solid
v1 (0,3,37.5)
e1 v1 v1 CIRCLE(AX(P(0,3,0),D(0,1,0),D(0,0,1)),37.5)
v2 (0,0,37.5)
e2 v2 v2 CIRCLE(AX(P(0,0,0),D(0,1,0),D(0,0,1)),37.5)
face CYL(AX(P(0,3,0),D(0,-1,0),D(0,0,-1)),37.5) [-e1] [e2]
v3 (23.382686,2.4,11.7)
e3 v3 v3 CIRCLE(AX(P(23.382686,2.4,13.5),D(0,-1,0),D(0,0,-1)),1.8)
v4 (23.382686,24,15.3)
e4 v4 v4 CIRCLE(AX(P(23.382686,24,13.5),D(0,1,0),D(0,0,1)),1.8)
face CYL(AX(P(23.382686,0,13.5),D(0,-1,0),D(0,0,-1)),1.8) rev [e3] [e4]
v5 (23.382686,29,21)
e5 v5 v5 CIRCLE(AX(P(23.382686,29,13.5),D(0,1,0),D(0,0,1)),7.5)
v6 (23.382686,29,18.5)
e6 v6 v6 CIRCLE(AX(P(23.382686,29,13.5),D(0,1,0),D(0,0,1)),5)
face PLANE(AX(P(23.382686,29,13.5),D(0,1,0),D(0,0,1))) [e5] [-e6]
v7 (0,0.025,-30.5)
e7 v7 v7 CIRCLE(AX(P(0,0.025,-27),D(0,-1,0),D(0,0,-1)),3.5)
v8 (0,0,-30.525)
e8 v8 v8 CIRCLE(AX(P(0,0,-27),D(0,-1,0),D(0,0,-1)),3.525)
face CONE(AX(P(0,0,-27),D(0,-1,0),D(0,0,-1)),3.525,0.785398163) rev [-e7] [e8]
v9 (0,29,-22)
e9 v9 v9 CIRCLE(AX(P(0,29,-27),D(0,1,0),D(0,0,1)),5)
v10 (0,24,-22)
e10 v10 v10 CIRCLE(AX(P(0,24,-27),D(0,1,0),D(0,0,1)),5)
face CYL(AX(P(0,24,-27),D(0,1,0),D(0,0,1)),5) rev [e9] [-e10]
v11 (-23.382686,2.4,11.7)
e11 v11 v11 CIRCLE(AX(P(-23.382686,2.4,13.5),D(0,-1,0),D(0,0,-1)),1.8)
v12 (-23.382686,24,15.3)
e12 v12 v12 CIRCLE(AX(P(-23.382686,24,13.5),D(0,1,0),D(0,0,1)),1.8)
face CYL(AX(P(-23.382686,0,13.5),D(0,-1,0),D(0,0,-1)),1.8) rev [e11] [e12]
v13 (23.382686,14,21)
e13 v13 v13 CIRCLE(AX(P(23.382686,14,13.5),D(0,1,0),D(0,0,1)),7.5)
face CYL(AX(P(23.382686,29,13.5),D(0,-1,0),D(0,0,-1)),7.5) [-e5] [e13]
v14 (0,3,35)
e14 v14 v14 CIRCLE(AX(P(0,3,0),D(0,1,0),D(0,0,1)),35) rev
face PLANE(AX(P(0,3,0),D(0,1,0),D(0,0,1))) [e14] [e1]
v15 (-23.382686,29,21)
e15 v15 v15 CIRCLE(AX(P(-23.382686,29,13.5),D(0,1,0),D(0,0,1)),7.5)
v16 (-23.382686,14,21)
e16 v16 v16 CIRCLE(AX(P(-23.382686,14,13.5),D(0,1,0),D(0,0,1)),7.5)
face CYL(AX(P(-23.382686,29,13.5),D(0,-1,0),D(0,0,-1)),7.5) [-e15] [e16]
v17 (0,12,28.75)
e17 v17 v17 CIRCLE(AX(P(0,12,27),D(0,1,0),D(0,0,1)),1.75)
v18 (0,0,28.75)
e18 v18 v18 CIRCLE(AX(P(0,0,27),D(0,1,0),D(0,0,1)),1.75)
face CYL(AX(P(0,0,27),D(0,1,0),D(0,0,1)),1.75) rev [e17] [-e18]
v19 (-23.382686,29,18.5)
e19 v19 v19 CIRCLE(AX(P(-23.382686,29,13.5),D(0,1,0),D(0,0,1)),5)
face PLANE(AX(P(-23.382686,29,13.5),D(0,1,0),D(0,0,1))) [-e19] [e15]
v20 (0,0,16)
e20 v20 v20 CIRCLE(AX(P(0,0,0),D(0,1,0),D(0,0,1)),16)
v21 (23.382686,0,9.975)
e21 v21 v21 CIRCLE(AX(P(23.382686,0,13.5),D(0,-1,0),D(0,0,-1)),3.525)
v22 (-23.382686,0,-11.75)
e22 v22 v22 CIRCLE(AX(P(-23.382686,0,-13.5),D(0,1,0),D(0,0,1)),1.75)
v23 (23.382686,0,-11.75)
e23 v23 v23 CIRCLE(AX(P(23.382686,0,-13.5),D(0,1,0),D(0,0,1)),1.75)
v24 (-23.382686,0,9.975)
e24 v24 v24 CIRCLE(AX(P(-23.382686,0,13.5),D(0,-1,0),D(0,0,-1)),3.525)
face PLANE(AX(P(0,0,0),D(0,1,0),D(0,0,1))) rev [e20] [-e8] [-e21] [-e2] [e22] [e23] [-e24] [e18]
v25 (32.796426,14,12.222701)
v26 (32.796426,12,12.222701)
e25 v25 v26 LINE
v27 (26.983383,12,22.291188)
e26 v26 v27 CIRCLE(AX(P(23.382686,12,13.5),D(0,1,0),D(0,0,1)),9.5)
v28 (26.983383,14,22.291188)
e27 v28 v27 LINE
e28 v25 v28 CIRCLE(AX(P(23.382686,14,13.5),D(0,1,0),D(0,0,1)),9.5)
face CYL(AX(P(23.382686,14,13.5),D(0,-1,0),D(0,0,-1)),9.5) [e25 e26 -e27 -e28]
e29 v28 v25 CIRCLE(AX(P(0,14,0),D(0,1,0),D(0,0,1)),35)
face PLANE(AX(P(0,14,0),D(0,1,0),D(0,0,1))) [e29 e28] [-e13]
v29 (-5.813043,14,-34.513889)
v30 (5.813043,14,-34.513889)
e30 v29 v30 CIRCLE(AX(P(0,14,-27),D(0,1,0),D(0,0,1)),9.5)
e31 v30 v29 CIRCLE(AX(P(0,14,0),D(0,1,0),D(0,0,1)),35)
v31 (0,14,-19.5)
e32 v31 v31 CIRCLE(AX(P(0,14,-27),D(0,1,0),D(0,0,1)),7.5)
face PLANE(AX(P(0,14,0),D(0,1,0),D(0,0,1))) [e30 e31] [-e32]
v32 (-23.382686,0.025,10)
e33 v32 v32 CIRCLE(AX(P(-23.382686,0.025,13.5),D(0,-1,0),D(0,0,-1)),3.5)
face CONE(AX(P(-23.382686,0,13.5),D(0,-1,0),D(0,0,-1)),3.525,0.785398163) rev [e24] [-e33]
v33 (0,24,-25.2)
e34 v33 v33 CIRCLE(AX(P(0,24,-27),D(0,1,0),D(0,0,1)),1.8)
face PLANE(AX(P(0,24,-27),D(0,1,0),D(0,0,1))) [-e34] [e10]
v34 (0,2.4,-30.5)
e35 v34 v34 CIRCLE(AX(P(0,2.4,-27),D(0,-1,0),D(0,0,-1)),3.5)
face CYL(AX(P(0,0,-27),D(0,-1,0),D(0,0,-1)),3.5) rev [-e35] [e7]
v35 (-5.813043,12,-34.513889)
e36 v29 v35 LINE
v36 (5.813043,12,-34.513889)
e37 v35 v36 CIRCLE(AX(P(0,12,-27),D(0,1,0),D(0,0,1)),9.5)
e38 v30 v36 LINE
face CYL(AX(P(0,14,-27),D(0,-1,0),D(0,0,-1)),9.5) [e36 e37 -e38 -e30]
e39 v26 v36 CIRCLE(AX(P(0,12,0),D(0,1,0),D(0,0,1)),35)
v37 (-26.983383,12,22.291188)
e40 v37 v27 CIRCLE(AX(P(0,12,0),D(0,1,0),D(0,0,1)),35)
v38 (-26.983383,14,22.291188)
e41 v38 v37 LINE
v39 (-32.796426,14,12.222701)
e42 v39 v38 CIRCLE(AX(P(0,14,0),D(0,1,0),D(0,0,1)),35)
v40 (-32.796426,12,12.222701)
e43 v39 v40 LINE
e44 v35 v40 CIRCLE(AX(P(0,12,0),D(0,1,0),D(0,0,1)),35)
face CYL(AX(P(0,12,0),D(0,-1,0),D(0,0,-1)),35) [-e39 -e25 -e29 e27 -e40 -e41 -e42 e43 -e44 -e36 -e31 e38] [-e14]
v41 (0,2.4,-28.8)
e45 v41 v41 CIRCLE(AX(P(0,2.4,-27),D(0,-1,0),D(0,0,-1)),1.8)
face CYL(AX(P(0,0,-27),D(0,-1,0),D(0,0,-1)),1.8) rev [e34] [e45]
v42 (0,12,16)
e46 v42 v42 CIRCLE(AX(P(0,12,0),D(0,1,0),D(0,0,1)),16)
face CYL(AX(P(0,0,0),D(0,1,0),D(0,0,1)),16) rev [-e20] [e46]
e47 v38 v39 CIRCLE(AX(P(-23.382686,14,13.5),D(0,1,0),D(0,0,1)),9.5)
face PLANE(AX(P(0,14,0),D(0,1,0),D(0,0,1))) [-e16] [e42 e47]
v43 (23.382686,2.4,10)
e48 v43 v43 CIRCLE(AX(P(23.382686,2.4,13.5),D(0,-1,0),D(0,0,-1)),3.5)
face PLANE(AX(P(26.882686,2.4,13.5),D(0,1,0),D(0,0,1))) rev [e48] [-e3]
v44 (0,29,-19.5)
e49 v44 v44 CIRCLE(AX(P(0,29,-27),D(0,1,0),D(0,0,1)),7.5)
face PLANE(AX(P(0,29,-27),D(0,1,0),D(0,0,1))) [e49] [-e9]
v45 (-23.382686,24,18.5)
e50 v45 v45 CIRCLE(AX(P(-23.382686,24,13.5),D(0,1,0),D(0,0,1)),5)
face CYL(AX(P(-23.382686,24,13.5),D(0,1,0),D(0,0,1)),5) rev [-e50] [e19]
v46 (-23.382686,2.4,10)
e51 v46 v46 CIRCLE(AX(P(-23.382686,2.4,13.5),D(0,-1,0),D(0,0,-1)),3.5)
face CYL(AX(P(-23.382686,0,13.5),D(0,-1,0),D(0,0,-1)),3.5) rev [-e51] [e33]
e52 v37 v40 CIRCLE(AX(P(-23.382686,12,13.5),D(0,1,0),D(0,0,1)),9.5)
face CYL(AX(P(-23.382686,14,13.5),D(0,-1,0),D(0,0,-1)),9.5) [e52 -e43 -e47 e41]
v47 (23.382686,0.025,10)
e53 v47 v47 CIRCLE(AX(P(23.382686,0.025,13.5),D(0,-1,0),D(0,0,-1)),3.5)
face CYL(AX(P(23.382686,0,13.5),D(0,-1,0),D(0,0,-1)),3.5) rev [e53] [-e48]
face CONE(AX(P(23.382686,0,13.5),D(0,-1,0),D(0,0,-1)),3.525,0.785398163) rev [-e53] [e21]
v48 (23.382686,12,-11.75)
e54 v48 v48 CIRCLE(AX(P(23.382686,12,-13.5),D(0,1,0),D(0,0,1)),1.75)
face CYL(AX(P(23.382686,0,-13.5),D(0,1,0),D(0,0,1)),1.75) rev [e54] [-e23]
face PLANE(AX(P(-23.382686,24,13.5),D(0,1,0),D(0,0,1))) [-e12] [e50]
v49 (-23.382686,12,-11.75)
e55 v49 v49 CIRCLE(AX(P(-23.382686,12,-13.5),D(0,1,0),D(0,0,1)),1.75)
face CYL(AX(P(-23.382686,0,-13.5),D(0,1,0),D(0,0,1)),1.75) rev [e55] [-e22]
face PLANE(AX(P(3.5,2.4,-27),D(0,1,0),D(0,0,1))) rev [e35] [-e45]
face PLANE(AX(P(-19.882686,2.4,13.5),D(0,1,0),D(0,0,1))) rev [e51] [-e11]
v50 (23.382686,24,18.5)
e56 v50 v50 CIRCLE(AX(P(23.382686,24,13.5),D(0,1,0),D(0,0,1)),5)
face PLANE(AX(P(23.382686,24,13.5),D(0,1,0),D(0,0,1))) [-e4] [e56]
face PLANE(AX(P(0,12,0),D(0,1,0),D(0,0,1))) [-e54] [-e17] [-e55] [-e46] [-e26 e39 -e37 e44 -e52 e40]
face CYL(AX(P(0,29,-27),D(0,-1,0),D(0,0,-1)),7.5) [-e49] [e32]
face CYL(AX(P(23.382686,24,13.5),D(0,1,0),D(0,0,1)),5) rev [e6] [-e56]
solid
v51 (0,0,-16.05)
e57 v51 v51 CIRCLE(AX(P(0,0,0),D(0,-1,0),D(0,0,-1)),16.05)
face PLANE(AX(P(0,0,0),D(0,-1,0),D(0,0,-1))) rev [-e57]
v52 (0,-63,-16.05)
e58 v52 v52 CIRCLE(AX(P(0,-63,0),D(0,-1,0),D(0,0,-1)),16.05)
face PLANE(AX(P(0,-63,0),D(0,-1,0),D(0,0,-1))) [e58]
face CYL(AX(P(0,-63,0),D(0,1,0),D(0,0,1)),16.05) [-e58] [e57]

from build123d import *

# Parameters (mm, degrees)
SKETCH1_R                                     = 37.5
BOSS_EXTRUDE1_DEPTH                           = 3
SKETCH1_3_R                                   = 35
BOSS_EXTRUDE2_DEPTH                           = 12
SKETCH13_R                                    = 16
CUT_EXTRUDE6_DEPTH                            = 55.373706881
BOSS_EXTRUDE9_DEPTH                           = 2
SKETCH25_R                                    = 7.5
BOSS_EXTRUDE10_DEPTH                          = 15
SKETCH26_R                                    = 5
CUT_EXTRUDE9_DEPTH                            = 5
CBORE_FOR_M3_PAN_HEAD_MACHINE_SCREW1_AT_COUNT = 2
CBORE_FOR_M3_PAN_HEAD_MACHINE_SCREW1_AT_PITCH = 46.765371804
CBORE_FOR_M3_PAN_HEAD_MACHINE_SCREW1_2_COUNT  = 2
CBORE_FOR_M3_PAN_HEAD_MACHINE_SCREW1_2_PITCH  = 46.765371804
SKETCH29_R                                    = 1.75
CUT_EXTRUDE10_DEPTH                           = 56.691112397
SKETCH31_R                                    = 16.05
BOSS_EXTRUDE11_DEPTH                          = 63


with BuildPart() as part:
    # Sketch1 → Boss-Extrude1 (new body)
    with BuildSketch(Plane(origin=(0, 0, 0), x_dir=(1, 0, 0), z_dir=(0, 1, 0))):
        Circle(SKETCH1_R)
    extrude(amount=BOSS_EXTRUDE1_DEPTH)

    # Sketch1<3> → Boss-Extrude2 (add)
    with BuildSketch(Plane(origin=(0, 0, 0), x_dir=(1, 0, 0), z_dir=(0, 1, 0))):
        Circle(SKETCH1_3_R)
    extrude(amount=BOSS_EXTRUDE2_DEPTH)

    # Sketch13 → Cut-Extrude6 (cut, through all)
    with BuildSketch(Plane(origin=(0, 12, 0), x_dir=(1, 0, 0), z_dir=(0, 1, 0))):
        Circle(SKETCH13_R)
    extrude(amount=-CUT_EXTRUDE6_DEPTH, mode=Mode.SUBTRACT)

    # Sketch24 → Boss-Extrude9 (add)
    with BuildSketch(Plane(origin=(0, 12, 0), x_dir=(1, 0, 0), z_dir=(0, 1, 0))):
        with BuildLine():
            ThreePointArc((5.813043417, 34.513888889), (0, 35), (-5.813043417, 34.513888889))
            ThreePointArc((-5.813043417, 34.513888889), (0, 17.5), (5.813043417, 34.513888889))
        make_face()
        with BuildLine():
            ThreePointArc((-26.983382853, -22.291187717), (-15.155444566, -8.75), (-32.79642627, -12.222701172))
            ThreePointArc((-32.79642627, -12.222701172), (-30.310889132, -17.5), (-26.983382853, -22.291187717))
        make_face()
        with BuildLine():
            ThreePointArc((26.983382853, -22.291187717), (30.310889132, -17.5), (32.79642627, -12.222701172))
            ThreePointArc((32.79642627, -12.222701172), (15.155444566, -8.75), (26.983382853, -22.291187717))
        make_face()
    extrude(amount=BOSS_EXTRUDE9_DEPTH)

    # Sketch25 → Boss-Extrude10 (add)
    with BuildSketch(Plane(origin=(0, 14, 0), x_dir=(1, 0, 0), z_dir=(0, 1, 0))):
        with Locations((0, 27)):
            Circle(SKETCH25_R)
        with Locations((23.382685902, -13.5)):
            Circle(SKETCH25_R)
        with Locations((-23.382685902, -13.5)):
            Circle(SKETCH25_R)
    extrude(amount=BOSS_EXTRUDE10_DEPTH)

    # Sketch26 → Cut-Extrude9 (cut)
    with BuildSketch(Plane(origin=(0, 29, 0), x_dir=(1, 0, 0), z_dir=(0, 1, 0))):
        with Locations((0, 27)):
            Circle(SKETCH26_R)
        with Locations((23.382685902, -13.5)):
            Circle(SKETCH26_R)
        with Locations((-23.382685902, -13.5)):
            Circle(SKETCH26_R)
    extrude(amount=-CUT_EXTRUDE9_DEPTH, mode=Mode.SUBTRACT)

    # Sketch28 → CBORE for M3 Pan Head Machine Screw1 (revolve, cut)
    with BuildSketch(Plane(origin=(0, 0, -27), x_dir=(0, 0, -1), z_dir=(1, 0, 0))):
        Polygon((0, 0), (0, 29), (1.8, 29), (1.8, 2.4), (3.5, 2.4), (3.5, 0.025), (3.525, 0), align=None)
    cbore_for_m3_pan_head_machine_screw1 = revolve(axis=Axis((0, -6.35, -27), (0, 1, 0)), mode=Mode.SUBTRACT)

    # CBORE for M3 Pan Head Machine Screw1 at: CBORE for M3 Pan Head Machine Screw1 ×2
    with Locations(*[Vector(-0.5000000000000369, 0, 0.8660254037844174) * (i * CBORE_FOR_M3_PAN_HEAD_MACHINE_SCREW1_AT_PITCH) for i in range(1, CBORE_FOR_M3_PAN_HEAD_MACHINE_SCREW1_AT_COUNT)]):
        add(cbore_for_m3_pan_head_machine_screw1, mode=Mode.SUBTRACT)

    # CBORE for M3 Pan Head Machine Screw1 2: CBORE for M3 Pan Head Machine Screw1 ×2
    with Locations(*[Vector(0.49999999999996353, 0, 0.8660254037844598) * (i * CBORE_FOR_M3_PAN_HEAD_MACHINE_SCREW1_2_PITCH) for i in range(1, CBORE_FOR_M3_PAN_HEAD_MACHINE_SCREW1_2_COUNT)]):
        add(cbore_for_m3_pan_head_machine_screw1, mode=Mode.SUBTRACT)

    # Sketch29 → Cut-Extrude10 (cut, through all)
    with BuildSketch(Plane(origin=(0, 12, 0), x_dir=(1, 0, 0), z_dir=(0, 1, 0))):
        with Locations((23.382685902, 13.5)):
            Circle(SKETCH29_R)
        with Locations((0, -27)):
            Circle(SKETCH29_R)
        with Locations((-23.382685902, 13.5)):
            Circle(SKETCH29_R)
    extrude(amount=-CUT_EXTRUDE10_DEPTH, mode=Mode.SUBTRACT)


with BuildPart() as body_2:
    # Sketch31 → Boss-Extrude11 (new body)
    with BuildSketch(Plane.XZ):
        Circle(SKETCH31_R)
    extrude(amount=BOSS_EXTRUDE11_DEPTH)


solid = Compound([part.part, body_2.part])
